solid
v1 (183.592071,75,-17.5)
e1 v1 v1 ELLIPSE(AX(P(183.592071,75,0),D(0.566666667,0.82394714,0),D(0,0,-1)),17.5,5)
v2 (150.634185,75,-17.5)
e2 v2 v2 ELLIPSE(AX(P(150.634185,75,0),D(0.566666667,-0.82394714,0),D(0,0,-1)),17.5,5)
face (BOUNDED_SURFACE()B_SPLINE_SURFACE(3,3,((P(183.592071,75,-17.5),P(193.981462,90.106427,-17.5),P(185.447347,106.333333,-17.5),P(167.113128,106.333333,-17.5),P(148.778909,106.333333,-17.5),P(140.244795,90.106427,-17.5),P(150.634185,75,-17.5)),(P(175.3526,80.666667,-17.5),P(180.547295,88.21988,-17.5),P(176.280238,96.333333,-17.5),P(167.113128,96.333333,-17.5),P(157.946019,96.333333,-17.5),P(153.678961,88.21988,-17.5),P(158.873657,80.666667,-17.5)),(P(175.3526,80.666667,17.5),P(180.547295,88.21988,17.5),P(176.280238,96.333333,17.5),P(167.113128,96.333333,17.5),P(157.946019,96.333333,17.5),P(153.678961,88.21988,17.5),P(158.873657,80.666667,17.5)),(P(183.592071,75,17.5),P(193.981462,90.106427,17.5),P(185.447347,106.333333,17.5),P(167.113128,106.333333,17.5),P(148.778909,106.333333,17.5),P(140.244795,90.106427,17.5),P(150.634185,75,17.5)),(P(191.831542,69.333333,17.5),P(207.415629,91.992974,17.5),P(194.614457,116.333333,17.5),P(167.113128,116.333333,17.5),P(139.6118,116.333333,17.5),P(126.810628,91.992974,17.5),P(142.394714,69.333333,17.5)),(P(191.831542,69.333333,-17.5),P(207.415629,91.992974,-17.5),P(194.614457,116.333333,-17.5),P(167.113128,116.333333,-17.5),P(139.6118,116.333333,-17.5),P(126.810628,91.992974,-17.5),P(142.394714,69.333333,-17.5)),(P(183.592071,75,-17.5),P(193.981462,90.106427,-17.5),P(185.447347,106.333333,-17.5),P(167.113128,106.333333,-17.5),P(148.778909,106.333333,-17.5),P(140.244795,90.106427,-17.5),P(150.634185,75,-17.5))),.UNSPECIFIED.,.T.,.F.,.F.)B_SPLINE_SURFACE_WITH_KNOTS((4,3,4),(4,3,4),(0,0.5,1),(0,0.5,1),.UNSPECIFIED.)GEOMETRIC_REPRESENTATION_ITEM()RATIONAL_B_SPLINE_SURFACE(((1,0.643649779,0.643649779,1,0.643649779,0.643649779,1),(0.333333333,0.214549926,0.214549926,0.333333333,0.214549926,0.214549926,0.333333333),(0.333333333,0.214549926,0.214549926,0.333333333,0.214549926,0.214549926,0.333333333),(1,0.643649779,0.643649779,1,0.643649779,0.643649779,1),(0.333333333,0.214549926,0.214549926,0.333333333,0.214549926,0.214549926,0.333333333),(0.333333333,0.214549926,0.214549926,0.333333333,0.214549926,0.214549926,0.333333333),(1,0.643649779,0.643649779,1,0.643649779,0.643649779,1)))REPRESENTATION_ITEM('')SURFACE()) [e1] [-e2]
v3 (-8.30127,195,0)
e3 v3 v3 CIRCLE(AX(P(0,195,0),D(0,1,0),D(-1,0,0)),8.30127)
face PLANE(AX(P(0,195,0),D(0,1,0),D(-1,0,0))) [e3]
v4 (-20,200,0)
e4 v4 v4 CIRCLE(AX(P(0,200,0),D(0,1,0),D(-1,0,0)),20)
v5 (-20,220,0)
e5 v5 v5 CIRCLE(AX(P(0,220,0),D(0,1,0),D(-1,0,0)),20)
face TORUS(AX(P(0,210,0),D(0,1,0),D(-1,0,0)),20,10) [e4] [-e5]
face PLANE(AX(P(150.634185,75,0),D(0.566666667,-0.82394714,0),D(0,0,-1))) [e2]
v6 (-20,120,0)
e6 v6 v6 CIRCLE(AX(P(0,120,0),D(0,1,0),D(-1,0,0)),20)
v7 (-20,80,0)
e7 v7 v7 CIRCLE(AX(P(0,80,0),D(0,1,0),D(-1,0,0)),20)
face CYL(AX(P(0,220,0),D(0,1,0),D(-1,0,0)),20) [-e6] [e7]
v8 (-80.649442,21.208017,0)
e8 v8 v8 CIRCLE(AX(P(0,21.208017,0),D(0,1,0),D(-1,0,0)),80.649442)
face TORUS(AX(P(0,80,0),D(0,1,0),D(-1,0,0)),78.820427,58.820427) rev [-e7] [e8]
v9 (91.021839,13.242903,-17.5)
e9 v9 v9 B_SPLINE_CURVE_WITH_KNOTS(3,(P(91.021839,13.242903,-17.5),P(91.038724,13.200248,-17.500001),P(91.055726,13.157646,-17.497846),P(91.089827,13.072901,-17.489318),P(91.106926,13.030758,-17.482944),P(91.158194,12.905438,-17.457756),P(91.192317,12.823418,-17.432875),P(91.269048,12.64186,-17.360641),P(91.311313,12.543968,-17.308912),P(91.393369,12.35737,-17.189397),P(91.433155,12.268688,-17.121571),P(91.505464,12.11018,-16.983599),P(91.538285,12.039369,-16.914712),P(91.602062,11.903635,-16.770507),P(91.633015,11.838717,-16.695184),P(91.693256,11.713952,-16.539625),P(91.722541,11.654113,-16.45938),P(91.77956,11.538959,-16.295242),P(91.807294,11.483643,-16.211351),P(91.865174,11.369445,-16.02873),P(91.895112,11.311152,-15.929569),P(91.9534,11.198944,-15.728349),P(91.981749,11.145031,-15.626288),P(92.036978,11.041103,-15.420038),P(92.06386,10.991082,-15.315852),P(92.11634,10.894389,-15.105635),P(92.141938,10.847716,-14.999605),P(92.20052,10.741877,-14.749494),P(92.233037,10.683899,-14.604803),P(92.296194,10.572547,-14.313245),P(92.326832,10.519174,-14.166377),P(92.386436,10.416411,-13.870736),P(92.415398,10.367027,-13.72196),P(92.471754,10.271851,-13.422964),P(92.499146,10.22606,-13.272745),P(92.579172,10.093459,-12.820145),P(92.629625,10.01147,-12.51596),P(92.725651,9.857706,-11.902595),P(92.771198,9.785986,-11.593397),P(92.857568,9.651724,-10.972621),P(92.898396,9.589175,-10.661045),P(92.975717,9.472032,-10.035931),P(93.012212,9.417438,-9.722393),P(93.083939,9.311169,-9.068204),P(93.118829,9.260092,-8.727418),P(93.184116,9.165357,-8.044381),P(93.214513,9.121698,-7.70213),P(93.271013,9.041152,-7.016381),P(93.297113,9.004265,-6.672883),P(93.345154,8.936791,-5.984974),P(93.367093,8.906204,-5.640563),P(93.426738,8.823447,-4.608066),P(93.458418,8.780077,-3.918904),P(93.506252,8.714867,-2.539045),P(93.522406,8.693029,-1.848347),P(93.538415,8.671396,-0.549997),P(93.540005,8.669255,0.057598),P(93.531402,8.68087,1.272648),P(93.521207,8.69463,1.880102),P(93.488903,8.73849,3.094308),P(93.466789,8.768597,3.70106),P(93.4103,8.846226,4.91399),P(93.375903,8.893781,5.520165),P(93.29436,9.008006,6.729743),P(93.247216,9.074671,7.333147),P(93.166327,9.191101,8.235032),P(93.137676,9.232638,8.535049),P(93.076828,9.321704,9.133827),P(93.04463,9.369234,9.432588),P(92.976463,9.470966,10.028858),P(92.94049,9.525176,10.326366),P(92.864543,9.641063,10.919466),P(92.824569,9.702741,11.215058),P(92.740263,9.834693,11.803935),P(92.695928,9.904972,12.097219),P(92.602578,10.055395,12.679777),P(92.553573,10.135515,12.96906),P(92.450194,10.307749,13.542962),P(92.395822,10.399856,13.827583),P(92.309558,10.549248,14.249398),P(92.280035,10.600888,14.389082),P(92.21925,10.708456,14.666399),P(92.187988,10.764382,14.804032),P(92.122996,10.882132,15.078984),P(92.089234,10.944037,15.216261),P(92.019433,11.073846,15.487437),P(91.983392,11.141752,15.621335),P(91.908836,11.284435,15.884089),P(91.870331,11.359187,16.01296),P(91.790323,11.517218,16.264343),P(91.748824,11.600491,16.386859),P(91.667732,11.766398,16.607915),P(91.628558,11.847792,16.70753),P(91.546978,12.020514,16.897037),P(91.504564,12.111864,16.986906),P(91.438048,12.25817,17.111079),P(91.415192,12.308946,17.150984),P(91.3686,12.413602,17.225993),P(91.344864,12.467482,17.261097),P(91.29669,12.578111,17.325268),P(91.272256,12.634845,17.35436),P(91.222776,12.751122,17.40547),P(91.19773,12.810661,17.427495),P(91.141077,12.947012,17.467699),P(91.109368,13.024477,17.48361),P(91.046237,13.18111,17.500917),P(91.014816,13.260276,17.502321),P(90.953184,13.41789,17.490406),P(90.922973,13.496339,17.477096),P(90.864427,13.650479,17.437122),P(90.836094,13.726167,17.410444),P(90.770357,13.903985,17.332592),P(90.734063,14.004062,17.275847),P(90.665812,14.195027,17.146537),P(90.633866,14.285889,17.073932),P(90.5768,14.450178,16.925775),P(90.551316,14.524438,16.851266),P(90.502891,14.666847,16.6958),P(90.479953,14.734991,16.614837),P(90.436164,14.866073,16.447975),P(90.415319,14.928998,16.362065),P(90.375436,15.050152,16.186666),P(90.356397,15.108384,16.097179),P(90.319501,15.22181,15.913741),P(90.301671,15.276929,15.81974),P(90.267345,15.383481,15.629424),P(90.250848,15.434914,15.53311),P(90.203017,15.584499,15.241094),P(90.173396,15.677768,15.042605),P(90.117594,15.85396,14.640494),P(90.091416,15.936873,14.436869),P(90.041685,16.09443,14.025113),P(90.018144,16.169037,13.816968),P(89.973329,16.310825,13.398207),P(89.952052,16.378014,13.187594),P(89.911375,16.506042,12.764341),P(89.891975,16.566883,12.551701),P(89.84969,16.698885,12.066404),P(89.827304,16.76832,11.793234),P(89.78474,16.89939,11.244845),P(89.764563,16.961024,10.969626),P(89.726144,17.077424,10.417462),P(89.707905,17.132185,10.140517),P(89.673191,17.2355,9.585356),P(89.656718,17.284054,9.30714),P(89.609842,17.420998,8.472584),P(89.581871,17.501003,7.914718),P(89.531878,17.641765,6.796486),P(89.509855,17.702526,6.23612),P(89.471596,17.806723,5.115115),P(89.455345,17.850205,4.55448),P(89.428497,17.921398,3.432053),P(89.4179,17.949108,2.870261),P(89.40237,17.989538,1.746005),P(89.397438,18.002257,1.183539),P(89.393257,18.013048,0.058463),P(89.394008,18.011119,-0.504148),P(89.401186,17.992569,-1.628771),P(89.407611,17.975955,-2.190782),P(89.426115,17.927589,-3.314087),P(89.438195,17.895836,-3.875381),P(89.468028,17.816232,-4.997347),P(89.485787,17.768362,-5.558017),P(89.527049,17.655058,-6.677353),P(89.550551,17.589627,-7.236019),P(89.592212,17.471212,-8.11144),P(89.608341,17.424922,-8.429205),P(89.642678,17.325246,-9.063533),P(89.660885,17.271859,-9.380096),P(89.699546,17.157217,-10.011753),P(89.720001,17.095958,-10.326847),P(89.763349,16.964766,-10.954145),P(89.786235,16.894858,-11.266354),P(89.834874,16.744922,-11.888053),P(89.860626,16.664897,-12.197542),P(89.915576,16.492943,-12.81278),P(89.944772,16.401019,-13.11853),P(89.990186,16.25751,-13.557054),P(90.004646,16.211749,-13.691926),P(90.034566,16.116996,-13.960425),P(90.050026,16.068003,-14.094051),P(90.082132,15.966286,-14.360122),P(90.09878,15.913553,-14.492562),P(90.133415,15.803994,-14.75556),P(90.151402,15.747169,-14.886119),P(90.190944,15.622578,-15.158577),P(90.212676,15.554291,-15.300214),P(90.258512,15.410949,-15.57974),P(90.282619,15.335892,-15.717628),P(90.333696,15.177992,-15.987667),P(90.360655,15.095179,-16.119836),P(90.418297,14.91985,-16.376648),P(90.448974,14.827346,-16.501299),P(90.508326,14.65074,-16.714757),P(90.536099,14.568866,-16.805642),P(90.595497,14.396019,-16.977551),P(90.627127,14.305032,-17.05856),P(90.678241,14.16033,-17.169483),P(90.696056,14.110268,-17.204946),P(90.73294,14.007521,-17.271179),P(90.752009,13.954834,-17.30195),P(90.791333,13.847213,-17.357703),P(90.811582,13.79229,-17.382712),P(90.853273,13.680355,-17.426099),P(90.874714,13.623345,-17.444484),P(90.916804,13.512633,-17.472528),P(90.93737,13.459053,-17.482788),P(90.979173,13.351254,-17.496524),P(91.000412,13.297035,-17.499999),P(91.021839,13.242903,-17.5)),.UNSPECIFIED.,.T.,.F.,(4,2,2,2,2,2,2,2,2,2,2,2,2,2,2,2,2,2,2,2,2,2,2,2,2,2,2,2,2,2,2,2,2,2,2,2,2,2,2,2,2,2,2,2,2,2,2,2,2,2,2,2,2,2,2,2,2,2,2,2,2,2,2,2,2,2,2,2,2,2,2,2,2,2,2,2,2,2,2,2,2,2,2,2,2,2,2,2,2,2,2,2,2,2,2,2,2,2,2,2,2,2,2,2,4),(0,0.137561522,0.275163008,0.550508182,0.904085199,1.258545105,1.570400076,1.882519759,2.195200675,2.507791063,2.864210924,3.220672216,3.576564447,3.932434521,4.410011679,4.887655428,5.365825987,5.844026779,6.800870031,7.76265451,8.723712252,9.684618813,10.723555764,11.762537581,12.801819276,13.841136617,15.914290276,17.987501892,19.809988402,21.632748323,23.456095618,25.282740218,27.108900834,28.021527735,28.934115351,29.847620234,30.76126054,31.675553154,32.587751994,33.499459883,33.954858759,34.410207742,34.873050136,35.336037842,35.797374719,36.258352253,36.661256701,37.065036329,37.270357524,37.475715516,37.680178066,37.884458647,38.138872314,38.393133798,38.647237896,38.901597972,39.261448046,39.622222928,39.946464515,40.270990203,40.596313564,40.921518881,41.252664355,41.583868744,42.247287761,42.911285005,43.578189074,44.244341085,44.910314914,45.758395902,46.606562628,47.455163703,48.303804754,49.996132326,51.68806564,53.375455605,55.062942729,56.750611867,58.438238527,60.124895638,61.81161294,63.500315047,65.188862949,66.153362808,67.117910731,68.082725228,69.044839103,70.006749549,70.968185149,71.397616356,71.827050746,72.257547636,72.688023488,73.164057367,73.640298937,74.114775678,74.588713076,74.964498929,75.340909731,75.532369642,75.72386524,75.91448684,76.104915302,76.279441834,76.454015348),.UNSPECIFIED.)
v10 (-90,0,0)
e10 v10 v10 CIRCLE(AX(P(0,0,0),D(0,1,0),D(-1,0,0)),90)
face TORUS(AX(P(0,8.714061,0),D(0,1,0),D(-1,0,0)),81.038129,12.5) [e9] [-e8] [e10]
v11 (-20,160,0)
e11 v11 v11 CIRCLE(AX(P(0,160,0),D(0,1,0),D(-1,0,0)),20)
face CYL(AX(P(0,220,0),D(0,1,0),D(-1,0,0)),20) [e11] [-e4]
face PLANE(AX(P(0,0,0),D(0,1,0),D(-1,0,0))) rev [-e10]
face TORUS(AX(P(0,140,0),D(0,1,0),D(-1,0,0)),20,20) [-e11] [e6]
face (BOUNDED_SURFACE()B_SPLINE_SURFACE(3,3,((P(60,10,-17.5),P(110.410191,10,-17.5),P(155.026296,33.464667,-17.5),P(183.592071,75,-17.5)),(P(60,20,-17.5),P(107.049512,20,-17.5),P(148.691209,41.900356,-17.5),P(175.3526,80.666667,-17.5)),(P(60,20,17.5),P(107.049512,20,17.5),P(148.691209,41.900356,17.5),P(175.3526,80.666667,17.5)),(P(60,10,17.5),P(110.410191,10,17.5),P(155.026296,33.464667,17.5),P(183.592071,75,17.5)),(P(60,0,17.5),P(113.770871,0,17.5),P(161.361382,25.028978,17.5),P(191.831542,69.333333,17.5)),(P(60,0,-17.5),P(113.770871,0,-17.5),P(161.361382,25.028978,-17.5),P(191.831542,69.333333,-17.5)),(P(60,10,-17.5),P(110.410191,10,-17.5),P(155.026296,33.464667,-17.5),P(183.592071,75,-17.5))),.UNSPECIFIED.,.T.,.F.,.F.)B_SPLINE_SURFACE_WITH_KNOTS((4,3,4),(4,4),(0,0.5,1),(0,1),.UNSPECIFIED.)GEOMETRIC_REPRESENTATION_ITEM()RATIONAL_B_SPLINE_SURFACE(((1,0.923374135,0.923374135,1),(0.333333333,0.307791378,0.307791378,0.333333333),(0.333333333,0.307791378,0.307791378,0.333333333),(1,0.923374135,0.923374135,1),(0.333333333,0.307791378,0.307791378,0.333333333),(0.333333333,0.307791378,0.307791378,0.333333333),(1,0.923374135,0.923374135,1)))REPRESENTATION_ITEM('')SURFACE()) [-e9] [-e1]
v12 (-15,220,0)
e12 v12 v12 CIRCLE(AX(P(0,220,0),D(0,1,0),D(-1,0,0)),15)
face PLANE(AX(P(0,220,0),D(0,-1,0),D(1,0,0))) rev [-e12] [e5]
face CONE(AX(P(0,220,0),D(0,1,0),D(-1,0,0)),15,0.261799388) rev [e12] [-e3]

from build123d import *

# Parameters (mm, degrees)
SKETCH3_RX         = 17.5
SKETCH3_RY         = 5
SKETCH9_R          = 15
CUT_EXTRUDE3_DEPTH = 25
CUT_EXTRUDE3_TAPER = 15


with BuildPart() as part:
    # Sketch1 → Revolve1 (revolve)
    with BuildSketch(Plane.XY):
        with BuildLine():
            Line((0, 220), (0, 0))
            Line((0, 0), (90, 0))
            ThreePointArc((90, 0), (92.47578021, 13.756891061), (80.649442473, 21.208016819))
            ThreePointArc((80.649442473, 21.208016819), (37.879865469, 37.765972964), (20, 80))
            Line((20, 80), (20, 120))
            ThreePointArc((20, 120), (40, 140), (20, 160))
            Line((20, 160), (20, 200))
            ThreePointArc((20, 200), (30, 210), (20, 220))
            Line((20, 220), (0, 220))
        make_face()
    revolve(axis=Axis((0, 220, 0), (0, -1, 0)))

    # Sweep1: sweep along a path in Sketch2
    with BuildLine(Plane.XY) as sweep1_path:
        Line((0, 10), (60, 10))
        ThreePointArc((60, 10), (129.821200219, 27.240819526), (183.592070943, 75))
        ThreePointArc((183.592070943, 75), (167.113128151, 106.333333333), (150.634185358, 75))
    # Sketch3 → Sweep1 (sweep)
    with BuildSketch(Plane(origin=(0, 0, 0), x_dir=(0, 0, -1), z_dir=(1, 0, 0))):
        with Locations((0, 10)):
            Ellipse(SKETCH3_RX, SKETCH3_RY)
    sweep(path=sweep1_path.line)

    # Sketch9 → Cut-Extrude3 (cut)
    with BuildSketch(Plane(origin=(0, 220, 0), x_dir=(1, 0, 0), z_dir=(0, 1, 0))):
        Circle(SKETCH9_R)
    extrude(amount=-CUT_EXTRUDE3_DEPTH, taper=CUT_EXTRUDE3_TAPER, mode=Mode.SUBTRACT)


solid = part.part
